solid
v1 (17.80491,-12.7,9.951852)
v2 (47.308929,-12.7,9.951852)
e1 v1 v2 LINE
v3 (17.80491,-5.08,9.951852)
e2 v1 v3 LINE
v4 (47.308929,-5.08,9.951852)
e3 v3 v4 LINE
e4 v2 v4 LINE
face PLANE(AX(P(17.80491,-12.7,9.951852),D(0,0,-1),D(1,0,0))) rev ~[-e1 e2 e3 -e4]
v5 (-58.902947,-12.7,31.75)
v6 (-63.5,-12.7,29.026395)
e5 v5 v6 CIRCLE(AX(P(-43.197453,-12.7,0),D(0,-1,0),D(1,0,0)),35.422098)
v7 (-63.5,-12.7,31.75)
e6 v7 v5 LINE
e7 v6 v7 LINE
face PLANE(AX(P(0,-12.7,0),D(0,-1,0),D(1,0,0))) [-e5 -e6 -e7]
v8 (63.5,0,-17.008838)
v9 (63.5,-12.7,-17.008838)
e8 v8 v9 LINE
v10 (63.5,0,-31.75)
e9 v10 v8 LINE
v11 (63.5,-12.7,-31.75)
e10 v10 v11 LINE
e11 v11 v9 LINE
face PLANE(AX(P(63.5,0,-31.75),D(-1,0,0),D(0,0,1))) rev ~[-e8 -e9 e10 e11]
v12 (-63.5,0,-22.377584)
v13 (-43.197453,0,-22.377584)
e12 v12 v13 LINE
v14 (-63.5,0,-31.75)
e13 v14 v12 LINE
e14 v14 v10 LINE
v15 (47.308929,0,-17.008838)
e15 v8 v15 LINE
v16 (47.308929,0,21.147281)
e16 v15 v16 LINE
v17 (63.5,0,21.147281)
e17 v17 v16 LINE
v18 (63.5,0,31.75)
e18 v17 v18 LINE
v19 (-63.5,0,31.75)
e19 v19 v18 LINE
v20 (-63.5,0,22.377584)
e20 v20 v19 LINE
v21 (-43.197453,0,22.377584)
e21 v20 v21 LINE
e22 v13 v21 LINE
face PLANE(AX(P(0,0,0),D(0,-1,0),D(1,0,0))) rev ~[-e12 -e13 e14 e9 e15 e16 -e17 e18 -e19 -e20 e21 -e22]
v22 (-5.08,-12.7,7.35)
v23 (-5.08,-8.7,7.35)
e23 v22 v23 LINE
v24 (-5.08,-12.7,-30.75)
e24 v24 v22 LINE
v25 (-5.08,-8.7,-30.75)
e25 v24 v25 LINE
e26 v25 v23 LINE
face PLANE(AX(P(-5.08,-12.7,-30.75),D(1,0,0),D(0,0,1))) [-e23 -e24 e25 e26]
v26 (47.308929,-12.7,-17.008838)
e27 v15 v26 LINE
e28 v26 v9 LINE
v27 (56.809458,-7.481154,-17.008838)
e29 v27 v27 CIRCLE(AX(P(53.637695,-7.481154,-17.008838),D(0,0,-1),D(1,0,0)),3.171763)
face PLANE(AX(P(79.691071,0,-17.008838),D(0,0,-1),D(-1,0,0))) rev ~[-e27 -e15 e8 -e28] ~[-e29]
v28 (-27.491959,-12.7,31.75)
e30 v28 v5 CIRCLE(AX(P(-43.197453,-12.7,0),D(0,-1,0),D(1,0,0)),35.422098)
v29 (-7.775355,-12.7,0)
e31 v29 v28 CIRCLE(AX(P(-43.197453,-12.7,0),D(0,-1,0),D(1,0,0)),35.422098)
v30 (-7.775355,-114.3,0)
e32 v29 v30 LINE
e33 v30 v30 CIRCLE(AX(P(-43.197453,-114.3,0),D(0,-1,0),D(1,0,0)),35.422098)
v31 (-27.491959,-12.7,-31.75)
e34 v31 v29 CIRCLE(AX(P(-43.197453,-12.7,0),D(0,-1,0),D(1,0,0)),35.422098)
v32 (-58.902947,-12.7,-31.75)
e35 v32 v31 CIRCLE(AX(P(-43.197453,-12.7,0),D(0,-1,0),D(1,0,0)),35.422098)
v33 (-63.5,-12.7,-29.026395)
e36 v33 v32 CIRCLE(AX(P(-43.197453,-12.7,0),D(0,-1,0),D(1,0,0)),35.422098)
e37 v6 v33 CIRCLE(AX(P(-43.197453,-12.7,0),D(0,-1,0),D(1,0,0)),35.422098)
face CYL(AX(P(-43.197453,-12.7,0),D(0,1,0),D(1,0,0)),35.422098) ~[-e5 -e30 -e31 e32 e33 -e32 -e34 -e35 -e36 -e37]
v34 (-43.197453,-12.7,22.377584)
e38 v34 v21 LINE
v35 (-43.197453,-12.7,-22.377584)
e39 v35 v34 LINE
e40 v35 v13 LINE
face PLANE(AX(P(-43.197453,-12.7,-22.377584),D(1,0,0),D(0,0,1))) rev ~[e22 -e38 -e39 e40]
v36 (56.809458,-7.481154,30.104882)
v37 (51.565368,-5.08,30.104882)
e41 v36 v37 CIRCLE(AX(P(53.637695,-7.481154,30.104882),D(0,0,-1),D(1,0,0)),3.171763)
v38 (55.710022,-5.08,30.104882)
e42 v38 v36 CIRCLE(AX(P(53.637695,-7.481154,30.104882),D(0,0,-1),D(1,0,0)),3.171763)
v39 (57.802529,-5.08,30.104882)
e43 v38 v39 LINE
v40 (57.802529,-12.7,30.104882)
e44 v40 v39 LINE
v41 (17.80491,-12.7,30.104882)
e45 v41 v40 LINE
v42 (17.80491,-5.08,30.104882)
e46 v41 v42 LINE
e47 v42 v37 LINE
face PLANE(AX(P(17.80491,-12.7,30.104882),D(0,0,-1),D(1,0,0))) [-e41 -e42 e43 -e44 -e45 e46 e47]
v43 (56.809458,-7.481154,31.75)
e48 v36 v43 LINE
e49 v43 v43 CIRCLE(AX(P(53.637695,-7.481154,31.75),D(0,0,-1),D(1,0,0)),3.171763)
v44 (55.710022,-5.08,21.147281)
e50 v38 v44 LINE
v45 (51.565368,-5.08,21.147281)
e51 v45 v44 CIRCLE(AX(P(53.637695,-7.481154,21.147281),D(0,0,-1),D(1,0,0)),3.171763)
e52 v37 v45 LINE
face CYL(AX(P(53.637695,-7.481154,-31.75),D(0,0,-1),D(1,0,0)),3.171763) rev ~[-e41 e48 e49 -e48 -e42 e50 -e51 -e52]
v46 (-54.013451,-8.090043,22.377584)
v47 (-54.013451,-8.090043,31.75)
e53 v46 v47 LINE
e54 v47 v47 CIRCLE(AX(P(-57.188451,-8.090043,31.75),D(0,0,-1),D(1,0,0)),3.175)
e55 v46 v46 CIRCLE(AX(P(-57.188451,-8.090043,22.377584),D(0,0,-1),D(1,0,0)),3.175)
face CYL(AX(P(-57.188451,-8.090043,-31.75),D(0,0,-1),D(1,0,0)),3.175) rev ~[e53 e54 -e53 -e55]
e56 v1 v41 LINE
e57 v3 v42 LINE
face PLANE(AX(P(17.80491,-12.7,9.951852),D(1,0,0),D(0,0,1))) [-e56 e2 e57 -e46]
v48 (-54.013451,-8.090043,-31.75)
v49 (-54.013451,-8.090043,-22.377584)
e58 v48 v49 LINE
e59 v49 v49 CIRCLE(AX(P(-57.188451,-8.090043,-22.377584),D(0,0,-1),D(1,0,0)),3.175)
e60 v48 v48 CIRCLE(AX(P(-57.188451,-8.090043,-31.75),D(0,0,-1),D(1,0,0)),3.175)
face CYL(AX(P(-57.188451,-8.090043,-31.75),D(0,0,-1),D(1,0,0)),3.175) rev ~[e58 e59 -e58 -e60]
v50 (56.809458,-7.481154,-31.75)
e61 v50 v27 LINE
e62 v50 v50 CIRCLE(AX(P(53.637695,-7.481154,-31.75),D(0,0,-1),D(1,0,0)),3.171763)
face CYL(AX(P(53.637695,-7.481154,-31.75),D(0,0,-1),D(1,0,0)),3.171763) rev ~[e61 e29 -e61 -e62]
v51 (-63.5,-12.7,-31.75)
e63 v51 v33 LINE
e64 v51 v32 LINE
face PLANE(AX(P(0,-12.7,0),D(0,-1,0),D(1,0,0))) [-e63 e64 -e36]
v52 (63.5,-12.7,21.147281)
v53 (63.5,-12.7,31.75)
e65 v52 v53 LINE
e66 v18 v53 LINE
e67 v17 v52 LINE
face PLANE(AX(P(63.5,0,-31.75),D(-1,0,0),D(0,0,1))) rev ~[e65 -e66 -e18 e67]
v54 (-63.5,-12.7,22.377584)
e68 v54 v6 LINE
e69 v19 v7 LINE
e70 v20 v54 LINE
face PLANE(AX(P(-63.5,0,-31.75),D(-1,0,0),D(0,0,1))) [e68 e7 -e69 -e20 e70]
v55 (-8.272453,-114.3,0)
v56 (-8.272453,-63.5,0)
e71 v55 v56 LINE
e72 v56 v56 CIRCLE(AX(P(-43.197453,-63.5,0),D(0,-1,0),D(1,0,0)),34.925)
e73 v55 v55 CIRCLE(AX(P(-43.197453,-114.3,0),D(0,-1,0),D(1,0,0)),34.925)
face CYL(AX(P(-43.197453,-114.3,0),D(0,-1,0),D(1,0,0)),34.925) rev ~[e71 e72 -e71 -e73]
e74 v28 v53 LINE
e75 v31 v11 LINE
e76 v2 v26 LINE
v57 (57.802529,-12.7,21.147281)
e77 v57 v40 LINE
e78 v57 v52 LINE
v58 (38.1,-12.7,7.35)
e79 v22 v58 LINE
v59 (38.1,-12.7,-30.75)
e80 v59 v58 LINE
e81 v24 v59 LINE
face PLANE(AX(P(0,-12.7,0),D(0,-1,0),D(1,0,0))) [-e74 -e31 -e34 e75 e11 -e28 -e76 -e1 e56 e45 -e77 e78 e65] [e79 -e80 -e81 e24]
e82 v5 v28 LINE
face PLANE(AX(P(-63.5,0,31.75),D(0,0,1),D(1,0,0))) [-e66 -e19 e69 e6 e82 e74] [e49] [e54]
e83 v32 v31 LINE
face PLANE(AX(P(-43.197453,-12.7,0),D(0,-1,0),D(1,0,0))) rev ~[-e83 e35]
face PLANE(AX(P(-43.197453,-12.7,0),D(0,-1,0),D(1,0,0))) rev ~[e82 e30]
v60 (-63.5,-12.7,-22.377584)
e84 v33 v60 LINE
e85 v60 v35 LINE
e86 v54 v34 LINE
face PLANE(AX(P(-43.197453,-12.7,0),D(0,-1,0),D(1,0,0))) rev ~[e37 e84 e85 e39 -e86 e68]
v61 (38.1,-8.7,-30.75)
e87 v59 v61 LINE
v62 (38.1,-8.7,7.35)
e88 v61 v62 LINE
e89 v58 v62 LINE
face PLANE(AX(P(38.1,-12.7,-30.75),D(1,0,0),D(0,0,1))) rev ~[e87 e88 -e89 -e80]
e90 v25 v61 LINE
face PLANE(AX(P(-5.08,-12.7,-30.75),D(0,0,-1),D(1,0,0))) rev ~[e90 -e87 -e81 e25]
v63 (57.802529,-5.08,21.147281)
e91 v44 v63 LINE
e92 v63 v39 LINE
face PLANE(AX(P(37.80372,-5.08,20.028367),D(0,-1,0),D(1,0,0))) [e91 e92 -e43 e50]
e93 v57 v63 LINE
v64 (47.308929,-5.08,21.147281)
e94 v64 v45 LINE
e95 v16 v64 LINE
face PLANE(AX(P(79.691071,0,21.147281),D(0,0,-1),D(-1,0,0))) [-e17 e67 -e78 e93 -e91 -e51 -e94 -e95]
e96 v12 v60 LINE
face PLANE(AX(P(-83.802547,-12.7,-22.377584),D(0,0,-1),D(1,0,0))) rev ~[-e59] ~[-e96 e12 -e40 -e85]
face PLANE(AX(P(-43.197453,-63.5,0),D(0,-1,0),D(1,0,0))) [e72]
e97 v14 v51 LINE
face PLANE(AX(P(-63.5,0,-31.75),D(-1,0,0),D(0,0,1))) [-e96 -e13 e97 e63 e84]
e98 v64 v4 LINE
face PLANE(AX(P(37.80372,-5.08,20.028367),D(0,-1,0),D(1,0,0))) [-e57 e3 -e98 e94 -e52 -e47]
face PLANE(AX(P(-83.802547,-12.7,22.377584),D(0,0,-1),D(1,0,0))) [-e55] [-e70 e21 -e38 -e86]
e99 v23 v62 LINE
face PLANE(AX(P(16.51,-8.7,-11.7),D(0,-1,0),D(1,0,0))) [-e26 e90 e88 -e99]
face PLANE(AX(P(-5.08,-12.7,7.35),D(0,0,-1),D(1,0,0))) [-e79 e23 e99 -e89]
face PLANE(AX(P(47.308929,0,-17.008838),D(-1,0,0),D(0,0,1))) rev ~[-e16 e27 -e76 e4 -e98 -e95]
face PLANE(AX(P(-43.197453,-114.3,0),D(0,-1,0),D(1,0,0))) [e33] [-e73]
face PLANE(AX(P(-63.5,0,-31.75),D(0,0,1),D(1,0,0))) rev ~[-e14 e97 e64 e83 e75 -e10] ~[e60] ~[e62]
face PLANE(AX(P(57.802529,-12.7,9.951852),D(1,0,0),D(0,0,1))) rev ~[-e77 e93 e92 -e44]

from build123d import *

# Parameters (mm, degrees)
F0_W      = 127
F0_H      = 63.5
F1_DEPTH  = 12.7
F2_W      = 43.18
F2_H      = 38.1
F3_DEPTH  = 4
F4_W      = 39.997619
F4_H      = 20.153031
F5_DEPTH  = 7.62
F6_R      = 3.171763
F7_DEPTH  = 63.501
F8_R      = 3.175
F9_DEPTH  = 63.501
F10_W     = 32.382142
F10_H     = 38.156119
F11_DEPTH = 12.701
F12_W     = 40.605094
F12_H     = 44.755168
F13_DEPTH = 12.701
F14_R     = 35.422098
F15_DEPTH = 101.6
F16_R     = 34.925
F17_DEPTH = 50.8


with BuildPart() as f1:
    # F0 (on Front) → F1 (new body)
    with BuildSketch(Plane.XZ):
        Rectangle(F0_W, F0_H)
    extrude(amount=F1_DEPTH)

    # F2 (on face) → F3 (cut)
    with BuildSketch(Plane.XZ.offset(12.7)):
        with Locations((16.51, -11.7)):
            Rectangle(F2_W, F2_H)
    extrude(amount=-F3_DEPTH, mode=Mode.SUBTRACT)

    # F4 (on face) → F5 (cut)
    with BuildSketch(Plane.XZ.offset(12.7)):
        with Locations((37.80372, 20.028367)):
            Rectangle(F4_W, F4_H)
    extrude(amount=-F5_DEPTH, mode=Mode.SUBTRACT)

    # F6 (on face) → F7 (cut, through all)
    with BuildSketch(Plane(origin=(0, 0, -31.75), x_dir=(1, 0, 0), z_dir=(0, 0, -1))):
        with Locations((53.637695, 7.481154)):
            Circle(F6_R)
    extrude(amount=-F7_DEPTH, mode=Mode.SUBTRACT)

    # F8 (on face) → F9 (cut, through all)
    with BuildSketch(Plane(origin=(0, 0, -31.75), x_dir=(1, 0, 0), z_dir=(0, 0, -1))):
        with Locations((-57.188451, 8.090043)):
            Circle(F8_R)
    extrude(amount=-F9_DEPTH, mode=Mode.SUBTRACT)

    # F10 (on face) → F11 (cut, through all)
    with BuildSketch(Plane(origin=(0, 0, 0), x_dir=(-1, 0, 0), z_dir=(0, 1, 0))):
        with Locations((-63.5, 2.069221)):
            Rectangle(F10_W, F10_H)
    extrude(amount=-F11_DEPTH, mode=Mode.SUBTRACT)

    # F12 (on face) → F13 (cut, through all)
    with BuildSketch(Plane.XZ.offset(12.7)):
        with Locations((-63.5, 0)):
            Rectangle(F12_W, F12_H)
    extrude(amount=-F13_DEPTH, mode=Mode.SUBTRACT)

    # F14 (on face) → F15 (join)
    with BuildSketch(Plane.XZ.offset(12.7)):
        with Locations((-43.197453, 0)):
            Circle(F14_R)
    extrude(amount=F15_DEPTH)

    # F16 (on face) → F17 (cut)
    with BuildSketch(Plane.XZ.offset(114.3)):
        with Locations((-43.197453, 0)):
            Circle(F16_R)
    extrude(amount=-F17_DEPTH, mode=Mode.SUBTRACT)


solid = f1.part
